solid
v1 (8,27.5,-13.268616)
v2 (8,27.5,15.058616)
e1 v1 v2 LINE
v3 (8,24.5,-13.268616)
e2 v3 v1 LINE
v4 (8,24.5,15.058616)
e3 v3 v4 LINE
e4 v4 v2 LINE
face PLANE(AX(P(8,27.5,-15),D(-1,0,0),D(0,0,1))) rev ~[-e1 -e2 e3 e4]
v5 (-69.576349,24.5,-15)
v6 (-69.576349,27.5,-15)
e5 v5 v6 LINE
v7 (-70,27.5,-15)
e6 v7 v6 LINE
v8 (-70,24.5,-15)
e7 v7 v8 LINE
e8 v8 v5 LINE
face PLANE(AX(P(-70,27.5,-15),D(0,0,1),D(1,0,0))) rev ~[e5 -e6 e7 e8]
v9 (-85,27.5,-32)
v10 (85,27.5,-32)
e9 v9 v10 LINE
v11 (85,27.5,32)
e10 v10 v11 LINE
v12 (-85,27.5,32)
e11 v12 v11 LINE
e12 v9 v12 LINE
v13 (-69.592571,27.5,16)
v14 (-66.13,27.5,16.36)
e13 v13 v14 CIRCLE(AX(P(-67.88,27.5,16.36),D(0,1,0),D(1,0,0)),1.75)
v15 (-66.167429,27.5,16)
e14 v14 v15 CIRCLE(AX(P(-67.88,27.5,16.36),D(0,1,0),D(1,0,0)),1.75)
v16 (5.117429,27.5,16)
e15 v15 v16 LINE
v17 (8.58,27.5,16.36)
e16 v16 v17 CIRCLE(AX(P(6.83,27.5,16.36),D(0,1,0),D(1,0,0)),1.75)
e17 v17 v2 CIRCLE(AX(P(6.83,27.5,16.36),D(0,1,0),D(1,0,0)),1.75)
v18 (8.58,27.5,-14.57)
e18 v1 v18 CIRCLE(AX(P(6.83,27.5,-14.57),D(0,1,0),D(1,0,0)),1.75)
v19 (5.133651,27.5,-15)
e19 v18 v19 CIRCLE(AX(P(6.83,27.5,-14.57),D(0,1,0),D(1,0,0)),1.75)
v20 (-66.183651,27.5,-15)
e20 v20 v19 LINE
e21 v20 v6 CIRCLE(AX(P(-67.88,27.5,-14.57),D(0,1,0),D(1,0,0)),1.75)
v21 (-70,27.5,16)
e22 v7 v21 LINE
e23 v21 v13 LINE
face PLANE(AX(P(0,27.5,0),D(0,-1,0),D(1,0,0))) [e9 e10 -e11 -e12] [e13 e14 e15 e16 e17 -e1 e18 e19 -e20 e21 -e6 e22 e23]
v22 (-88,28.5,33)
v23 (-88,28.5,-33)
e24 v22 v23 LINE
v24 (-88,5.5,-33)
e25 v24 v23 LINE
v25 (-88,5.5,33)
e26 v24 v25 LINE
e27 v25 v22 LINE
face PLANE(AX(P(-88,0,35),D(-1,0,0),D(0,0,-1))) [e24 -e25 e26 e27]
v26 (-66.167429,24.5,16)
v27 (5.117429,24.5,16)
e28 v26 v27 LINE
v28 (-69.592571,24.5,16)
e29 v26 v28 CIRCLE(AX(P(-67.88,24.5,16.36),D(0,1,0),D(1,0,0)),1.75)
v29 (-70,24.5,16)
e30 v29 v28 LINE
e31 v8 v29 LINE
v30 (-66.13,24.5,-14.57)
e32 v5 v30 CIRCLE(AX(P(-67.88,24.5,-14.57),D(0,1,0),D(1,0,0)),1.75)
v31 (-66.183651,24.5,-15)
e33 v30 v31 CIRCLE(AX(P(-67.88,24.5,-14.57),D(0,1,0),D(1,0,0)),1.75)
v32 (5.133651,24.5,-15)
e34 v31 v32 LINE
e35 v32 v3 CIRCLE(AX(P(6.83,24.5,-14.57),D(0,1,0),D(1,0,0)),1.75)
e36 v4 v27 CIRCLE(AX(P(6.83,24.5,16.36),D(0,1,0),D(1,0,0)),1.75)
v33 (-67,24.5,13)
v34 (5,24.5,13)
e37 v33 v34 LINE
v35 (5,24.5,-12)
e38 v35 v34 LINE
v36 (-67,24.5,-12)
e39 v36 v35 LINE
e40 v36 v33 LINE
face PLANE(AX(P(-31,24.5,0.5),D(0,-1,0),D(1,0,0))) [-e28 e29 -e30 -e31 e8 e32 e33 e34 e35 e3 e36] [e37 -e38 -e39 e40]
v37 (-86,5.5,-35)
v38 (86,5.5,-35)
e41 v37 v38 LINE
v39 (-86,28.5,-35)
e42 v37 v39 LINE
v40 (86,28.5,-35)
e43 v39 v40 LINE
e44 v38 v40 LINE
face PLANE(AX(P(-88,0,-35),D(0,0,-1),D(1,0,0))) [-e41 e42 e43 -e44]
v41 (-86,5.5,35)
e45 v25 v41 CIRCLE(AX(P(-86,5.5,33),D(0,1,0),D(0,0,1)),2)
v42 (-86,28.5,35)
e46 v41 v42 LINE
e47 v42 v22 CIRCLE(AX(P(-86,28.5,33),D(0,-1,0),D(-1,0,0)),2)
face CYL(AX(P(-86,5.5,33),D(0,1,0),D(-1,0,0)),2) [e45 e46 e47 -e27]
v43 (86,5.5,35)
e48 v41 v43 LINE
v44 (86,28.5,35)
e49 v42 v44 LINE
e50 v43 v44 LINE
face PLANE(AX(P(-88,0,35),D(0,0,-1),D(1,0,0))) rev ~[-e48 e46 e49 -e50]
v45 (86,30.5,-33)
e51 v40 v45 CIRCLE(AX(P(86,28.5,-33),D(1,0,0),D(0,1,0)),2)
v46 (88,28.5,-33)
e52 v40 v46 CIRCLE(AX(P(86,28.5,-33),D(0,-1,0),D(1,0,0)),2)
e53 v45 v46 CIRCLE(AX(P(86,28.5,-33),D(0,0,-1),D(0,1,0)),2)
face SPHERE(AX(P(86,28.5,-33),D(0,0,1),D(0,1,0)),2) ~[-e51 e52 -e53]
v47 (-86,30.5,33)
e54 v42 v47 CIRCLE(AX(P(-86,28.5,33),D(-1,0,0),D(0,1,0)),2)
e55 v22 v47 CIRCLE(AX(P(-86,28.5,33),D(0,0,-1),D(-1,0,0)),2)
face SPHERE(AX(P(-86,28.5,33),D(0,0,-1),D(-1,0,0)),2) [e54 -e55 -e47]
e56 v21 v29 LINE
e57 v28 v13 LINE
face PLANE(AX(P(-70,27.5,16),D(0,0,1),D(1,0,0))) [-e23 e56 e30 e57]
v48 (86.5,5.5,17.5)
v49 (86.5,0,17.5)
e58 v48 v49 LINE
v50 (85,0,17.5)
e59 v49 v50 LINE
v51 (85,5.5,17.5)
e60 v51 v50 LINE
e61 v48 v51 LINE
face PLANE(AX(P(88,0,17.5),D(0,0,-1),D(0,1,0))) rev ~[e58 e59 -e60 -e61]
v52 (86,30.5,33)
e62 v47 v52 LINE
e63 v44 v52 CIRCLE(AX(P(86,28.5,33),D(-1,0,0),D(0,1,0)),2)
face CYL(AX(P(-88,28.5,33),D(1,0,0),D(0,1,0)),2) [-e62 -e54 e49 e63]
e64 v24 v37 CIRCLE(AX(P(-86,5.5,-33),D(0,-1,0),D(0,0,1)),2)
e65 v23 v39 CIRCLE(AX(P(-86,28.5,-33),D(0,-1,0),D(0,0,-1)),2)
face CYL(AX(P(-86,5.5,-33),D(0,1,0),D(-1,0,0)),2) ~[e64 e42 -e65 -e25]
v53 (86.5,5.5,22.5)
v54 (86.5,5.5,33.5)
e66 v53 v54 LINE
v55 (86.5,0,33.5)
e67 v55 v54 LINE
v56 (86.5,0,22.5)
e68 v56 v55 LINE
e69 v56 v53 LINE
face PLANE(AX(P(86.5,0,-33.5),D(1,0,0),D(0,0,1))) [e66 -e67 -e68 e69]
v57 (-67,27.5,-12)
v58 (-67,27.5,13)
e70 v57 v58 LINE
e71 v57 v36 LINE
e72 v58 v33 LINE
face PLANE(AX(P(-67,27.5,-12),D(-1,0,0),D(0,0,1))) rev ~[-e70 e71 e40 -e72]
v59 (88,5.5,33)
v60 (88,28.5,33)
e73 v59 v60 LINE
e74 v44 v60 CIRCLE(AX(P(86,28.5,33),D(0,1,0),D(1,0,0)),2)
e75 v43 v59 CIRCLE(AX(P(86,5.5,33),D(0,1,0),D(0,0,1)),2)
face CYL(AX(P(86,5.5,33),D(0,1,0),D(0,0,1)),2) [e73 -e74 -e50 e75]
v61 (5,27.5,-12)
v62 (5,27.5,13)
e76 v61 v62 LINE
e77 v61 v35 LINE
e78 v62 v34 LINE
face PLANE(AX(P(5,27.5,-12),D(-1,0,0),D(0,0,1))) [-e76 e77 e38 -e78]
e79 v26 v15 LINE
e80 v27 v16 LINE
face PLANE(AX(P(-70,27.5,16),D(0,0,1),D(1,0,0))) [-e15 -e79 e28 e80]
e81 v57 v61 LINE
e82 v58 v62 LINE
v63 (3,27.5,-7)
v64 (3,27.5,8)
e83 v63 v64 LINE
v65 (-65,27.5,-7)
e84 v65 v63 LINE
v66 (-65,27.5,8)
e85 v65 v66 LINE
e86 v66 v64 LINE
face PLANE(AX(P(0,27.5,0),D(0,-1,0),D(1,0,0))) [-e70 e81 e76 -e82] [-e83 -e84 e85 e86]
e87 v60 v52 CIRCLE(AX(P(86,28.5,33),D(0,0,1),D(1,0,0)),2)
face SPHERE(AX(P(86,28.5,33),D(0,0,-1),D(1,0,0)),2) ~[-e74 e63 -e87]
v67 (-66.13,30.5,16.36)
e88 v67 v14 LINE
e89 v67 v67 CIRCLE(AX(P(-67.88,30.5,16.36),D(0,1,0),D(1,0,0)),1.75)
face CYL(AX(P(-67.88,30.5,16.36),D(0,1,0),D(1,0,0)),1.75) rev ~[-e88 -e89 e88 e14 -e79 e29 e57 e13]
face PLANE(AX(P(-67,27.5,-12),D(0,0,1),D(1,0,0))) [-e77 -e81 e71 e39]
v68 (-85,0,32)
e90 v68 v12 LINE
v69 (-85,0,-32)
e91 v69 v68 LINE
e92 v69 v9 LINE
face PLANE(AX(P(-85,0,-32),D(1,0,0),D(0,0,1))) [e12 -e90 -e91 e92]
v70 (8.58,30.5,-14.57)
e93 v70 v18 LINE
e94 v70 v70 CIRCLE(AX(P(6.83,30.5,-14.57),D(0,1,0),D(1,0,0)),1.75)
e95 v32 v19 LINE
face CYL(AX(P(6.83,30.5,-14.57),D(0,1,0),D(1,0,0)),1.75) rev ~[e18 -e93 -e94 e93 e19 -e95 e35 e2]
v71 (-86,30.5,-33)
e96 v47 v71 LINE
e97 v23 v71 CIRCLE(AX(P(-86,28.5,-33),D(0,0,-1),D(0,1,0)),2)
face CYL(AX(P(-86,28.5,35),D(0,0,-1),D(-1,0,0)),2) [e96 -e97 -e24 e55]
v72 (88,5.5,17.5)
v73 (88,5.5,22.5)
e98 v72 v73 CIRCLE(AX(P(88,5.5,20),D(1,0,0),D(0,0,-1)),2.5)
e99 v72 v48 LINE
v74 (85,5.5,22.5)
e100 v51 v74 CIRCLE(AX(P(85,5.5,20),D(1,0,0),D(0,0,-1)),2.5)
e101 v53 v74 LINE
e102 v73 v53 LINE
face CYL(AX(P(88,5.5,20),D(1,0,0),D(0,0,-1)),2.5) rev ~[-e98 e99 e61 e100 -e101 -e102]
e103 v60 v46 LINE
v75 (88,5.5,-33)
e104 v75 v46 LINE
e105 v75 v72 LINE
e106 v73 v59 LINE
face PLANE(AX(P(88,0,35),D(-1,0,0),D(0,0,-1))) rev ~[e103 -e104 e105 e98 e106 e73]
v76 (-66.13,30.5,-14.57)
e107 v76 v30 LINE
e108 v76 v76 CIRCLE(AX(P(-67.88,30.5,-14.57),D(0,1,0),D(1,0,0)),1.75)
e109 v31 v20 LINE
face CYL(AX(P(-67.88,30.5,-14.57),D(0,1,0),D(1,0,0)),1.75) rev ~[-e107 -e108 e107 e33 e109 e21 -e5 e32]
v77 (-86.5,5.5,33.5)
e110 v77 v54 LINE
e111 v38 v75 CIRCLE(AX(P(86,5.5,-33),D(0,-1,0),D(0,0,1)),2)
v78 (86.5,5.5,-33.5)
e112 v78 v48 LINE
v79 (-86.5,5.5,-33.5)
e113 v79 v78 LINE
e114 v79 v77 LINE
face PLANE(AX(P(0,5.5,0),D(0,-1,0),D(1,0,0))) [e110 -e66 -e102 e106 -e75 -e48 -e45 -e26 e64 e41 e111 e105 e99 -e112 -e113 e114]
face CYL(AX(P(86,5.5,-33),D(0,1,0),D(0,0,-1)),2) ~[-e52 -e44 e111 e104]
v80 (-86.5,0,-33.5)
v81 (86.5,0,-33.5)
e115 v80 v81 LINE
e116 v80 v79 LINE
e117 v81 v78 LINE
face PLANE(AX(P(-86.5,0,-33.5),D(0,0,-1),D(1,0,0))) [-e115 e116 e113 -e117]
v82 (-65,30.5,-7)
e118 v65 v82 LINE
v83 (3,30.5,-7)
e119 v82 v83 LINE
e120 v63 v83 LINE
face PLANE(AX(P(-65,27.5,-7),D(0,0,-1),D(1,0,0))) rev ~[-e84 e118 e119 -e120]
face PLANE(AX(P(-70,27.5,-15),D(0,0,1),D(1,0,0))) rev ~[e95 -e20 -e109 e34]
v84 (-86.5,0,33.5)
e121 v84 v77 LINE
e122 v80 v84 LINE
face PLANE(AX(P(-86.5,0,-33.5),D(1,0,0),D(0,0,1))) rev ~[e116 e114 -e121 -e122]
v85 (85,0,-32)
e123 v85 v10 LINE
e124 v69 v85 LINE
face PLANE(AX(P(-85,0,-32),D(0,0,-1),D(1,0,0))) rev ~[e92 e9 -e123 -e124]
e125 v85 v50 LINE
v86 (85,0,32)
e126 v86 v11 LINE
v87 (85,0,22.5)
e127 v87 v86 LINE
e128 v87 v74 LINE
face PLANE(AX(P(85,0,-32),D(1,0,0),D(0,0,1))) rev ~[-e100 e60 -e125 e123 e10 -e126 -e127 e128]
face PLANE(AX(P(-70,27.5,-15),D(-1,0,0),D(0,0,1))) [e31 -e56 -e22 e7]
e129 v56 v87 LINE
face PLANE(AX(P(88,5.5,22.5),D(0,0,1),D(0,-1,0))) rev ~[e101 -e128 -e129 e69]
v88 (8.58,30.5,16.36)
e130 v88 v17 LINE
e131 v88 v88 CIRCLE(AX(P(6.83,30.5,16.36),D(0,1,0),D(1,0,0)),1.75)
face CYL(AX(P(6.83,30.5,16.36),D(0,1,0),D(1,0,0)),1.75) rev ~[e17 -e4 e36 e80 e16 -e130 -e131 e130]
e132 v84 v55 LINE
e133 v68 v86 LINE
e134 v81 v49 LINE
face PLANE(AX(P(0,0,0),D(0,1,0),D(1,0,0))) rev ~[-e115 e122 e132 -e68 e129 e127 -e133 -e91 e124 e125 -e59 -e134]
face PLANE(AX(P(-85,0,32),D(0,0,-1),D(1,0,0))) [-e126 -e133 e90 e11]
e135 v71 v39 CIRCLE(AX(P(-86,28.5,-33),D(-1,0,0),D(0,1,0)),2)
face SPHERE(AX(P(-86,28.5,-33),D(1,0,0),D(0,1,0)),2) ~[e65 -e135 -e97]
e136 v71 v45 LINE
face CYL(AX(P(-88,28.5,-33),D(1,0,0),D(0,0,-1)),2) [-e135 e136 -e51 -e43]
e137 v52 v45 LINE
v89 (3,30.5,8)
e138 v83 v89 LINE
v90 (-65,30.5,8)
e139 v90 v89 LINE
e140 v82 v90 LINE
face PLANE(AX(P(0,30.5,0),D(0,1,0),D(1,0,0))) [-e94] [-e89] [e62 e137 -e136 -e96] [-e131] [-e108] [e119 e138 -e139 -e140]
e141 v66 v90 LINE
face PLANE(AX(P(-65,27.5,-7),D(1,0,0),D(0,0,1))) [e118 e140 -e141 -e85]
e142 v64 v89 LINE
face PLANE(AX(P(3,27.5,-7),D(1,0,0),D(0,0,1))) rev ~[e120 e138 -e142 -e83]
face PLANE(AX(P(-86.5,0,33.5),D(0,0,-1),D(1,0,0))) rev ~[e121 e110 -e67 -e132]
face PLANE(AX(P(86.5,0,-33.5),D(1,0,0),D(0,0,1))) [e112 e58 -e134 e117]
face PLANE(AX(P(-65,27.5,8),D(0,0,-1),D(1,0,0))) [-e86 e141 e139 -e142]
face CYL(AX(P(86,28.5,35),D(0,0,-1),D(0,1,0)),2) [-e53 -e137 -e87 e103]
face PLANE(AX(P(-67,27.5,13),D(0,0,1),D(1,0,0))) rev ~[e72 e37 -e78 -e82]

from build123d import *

# Parameters (mm, degrees)
SKETCH1_W           = 176
SKETCH1_H           = 70
BOSS_EXTRUDE1_DEPTH = 30.5
SKETCH2_W           = 170
SKETCH2_H           = 64
CUT_EXTRUDE1_DEPTH  = 27.5
SKETCH3_W           = 176
SKETCH3_H           = 70
SKETCH3_W_2         = 173
SKETCH3_H_2         = 67
CUT_EXTRUDE2_DEPTH  = 5.5
FILLET1_R           = 2
SKETCH4_W           = 78
SKETCH4_H           = 31
SKETCH4_W_2         = 72
SKETCH4_H_2         = 25
BOSS_EXTRUDE2_DEPTH = 3
CUT_EXTRUDE3_REACH  = 5
SKETCH5_W           = 68
SKETCH5_H           = 15
CUT_EXTRUDE4_REACH  = 32.5
SKETCH6_R           = 1.75
CUT_EXTRUDE6_REACH  = 178


with BuildPart() as part:
    # Sketch1 → Boss-Extrude1 (new body)
    with BuildSketch(Plane(origin=(0, 0, 0), x_dir=(1, 0, 0), z_dir=(0, 1, 0))):
        Rectangle(SKETCH1_W, SKETCH1_H)
    extrude(amount=BOSS_EXTRUDE1_DEPTH)

    # Sketch2 → Cut-Extrude1 (cut)
    with BuildSketch(Plane.XZ):
        Rectangle(SKETCH2_W, SKETCH2_H)
    extrude(amount=-CUT_EXTRUDE1_DEPTH, mode=Mode.SUBTRACT)

    # Sketch3 → Cut-Extrude2 (cut)
    with BuildSketch(Plane.XZ):
        Rectangle(SKETCH3_W, SKETCH3_H)
        Rectangle(SKETCH3_W_2, SKETCH3_H_2, mode=Mode.SUBTRACT)
    extrude(amount=-CUT_EXTRUDE2_DEPTH, mode=Mode.SUBTRACT)

    # Fillet1
    fillet1_edges = [part.edges().sort_by_distance(p)[0] for p in [
        (88, 30.5, 0),
        (0, 30.5, -35),
        (-88, 30.5, 0),
        (-88, 18, -35),
        (88, 18, -35),
        (88, 18, 35),
        (-88, 18, 35),
        (0, 30.5, 35),
    ]]
    fillet(fillet1_edges, radius=FILLET1_R)

    # Sketch4 → Boss-Extrude2 (add)
    with BuildSketch(Plane.XZ.offset(-27.5)):
        with Locations((-31, 0.5)):
            Rectangle(SKETCH4_W, SKETCH4_H)
        with Locations((-31, 0.5)):
            Rectangle(SKETCH4_W_2, SKETCH4_H_2, mode=Mode.SUBTRACT)
    extrude(amount=BOSS_EXTRUDE2_DEPTH)

    # Sketch5 → Cut-Extrude3 (cut, up to next)
    with BuildSketch(Plane.XZ.offset(-27.5), mode=Mode.PRIVATE) as cut_extrude3_sk1:
        with Locations((-31, 0.5)):
            Rectangle(SKETCH5_W, SKETCH5_H)
    cut_extrude3_tool1 = extrude(cut_extrude3_sk1.sketch, amount=-CUT_EXTRUDE3_REACH, mode=Mode.PRIVATE) & part.part
    add(cut_extrude3_tool1.solids().sort_by_distance((-31, 27.5, 0.5))[0], mode=Mode.SUBTRACT)

    # Sketch6 → Cut-Extrude4 (cut, up to next)
    with BuildSketch(Plane(origin=(0, 30.5, 0), x_dir=(1, 0, 0), z_dir=(0, 1, 0)), mode=Mode.PRIVATE) as cut_extrude4_sk1:
        with Locations((-67.88, 14.57)):
            Circle(SKETCH6_R)
    cut_extrude4_tool1 = extrude(cut_extrude4_sk1.sketch, amount=-CUT_EXTRUDE4_REACH, mode=Mode.PRIVATE) & part.part
    add(cut_extrude4_tool1.solids().sort_by_distance((-67.88, 30.5, -14.57))[0], mode=Mode.SUBTRACT)
    # Sketch6 → Cut-Extrude4 (cut, up to next)
    with BuildSketch(Plane(origin=(0, 30.5, 0), x_dir=(1, 0, 0), z_dir=(0, 1, 0)), mode=Mode.PRIVATE) as cut_extrude4_sk2:
        with Locations((6.83, 14.57)):
            Circle(SKETCH6_R)
    cut_extrude4_tool2 = extrude(cut_extrude4_sk2.sketch, amount=-CUT_EXTRUDE4_REACH, mode=Mode.PRIVATE) & part.part
    add(cut_extrude4_tool2.solids().sort_by_distance((6.83, 30.5, -14.57))[0], mode=Mode.SUBTRACT)
    # Sketch6 → Cut-Extrude4 (cut, up to next)
    with BuildSketch(Plane(origin=(0, 30.5, 0), x_dir=(1, 0, 0), z_dir=(0, 1, 0)), mode=Mode.PRIVATE) as cut_extrude4_sk3:
        with Locations((6.83, -16.36)):
            Circle(SKETCH6_R)
    cut_extrude4_tool3 = extrude(cut_extrude4_sk3.sketch, amount=-CUT_EXTRUDE4_REACH, mode=Mode.PRIVATE) & part.part
    add(cut_extrude4_tool3.solids().sort_by_distance((6.83, 30.5, 16.36))[0], mode=Mode.SUBTRACT)
    # Sketch6 → Cut-Extrude4 (cut, up to next)
    with BuildSketch(Plane(origin=(0, 30.5, 0), x_dir=(1, 0, 0), z_dir=(0, 1, 0)), mode=Mode.PRIVATE) as cut_extrude4_sk4:
        with Locations((-67.88, -16.36)):
            Circle(SKETCH6_R)
    cut_extrude4_tool4 = extrude(cut_extrude4_sk4.sketch, amount=-CUT_EXTRUDE4_REACH, mode=Mode.PRIVATE) & part.part
    add(cut_extrude4_tool4.solids().sort_by_distance((-67.88, 30.5, 16.36))[0], mode=Mode.SUBTRACT)

    # Sketch8 → Cut-Extrude6 (cut, up to next)
    with BuildSketch(Plane(origin=(88, 0, 0), x_dir=(0, 0, -1), z_dir=(1, 0, 0)), mode=Mode.PRIVATE) as cut_extrude6_sk1:
        with BuildLine():
            Line((-22.5, 5.5), (-22.5, 0))
            Line((-22.5, 0), (-17.5, 0))
            Line((-17.5, 0), (-17.5, 5.5))
            ThreePointArc((-17.5, 5.5), (-20, 8), (-22.5, 5.5))
        make_face()
    cut_extrude6_tool1 = extrude(cut_extrude6_sk1.sketch, amount=-CUT_EXTRUDE6_REACH, mode=Mode.PRIVATE) & part.part
    add(cut_extrude6_tool1.solids().sort_by_distance((88, 3.752606, 20))[0], mode=Mode.SUBTRACT)


solid = part.part
